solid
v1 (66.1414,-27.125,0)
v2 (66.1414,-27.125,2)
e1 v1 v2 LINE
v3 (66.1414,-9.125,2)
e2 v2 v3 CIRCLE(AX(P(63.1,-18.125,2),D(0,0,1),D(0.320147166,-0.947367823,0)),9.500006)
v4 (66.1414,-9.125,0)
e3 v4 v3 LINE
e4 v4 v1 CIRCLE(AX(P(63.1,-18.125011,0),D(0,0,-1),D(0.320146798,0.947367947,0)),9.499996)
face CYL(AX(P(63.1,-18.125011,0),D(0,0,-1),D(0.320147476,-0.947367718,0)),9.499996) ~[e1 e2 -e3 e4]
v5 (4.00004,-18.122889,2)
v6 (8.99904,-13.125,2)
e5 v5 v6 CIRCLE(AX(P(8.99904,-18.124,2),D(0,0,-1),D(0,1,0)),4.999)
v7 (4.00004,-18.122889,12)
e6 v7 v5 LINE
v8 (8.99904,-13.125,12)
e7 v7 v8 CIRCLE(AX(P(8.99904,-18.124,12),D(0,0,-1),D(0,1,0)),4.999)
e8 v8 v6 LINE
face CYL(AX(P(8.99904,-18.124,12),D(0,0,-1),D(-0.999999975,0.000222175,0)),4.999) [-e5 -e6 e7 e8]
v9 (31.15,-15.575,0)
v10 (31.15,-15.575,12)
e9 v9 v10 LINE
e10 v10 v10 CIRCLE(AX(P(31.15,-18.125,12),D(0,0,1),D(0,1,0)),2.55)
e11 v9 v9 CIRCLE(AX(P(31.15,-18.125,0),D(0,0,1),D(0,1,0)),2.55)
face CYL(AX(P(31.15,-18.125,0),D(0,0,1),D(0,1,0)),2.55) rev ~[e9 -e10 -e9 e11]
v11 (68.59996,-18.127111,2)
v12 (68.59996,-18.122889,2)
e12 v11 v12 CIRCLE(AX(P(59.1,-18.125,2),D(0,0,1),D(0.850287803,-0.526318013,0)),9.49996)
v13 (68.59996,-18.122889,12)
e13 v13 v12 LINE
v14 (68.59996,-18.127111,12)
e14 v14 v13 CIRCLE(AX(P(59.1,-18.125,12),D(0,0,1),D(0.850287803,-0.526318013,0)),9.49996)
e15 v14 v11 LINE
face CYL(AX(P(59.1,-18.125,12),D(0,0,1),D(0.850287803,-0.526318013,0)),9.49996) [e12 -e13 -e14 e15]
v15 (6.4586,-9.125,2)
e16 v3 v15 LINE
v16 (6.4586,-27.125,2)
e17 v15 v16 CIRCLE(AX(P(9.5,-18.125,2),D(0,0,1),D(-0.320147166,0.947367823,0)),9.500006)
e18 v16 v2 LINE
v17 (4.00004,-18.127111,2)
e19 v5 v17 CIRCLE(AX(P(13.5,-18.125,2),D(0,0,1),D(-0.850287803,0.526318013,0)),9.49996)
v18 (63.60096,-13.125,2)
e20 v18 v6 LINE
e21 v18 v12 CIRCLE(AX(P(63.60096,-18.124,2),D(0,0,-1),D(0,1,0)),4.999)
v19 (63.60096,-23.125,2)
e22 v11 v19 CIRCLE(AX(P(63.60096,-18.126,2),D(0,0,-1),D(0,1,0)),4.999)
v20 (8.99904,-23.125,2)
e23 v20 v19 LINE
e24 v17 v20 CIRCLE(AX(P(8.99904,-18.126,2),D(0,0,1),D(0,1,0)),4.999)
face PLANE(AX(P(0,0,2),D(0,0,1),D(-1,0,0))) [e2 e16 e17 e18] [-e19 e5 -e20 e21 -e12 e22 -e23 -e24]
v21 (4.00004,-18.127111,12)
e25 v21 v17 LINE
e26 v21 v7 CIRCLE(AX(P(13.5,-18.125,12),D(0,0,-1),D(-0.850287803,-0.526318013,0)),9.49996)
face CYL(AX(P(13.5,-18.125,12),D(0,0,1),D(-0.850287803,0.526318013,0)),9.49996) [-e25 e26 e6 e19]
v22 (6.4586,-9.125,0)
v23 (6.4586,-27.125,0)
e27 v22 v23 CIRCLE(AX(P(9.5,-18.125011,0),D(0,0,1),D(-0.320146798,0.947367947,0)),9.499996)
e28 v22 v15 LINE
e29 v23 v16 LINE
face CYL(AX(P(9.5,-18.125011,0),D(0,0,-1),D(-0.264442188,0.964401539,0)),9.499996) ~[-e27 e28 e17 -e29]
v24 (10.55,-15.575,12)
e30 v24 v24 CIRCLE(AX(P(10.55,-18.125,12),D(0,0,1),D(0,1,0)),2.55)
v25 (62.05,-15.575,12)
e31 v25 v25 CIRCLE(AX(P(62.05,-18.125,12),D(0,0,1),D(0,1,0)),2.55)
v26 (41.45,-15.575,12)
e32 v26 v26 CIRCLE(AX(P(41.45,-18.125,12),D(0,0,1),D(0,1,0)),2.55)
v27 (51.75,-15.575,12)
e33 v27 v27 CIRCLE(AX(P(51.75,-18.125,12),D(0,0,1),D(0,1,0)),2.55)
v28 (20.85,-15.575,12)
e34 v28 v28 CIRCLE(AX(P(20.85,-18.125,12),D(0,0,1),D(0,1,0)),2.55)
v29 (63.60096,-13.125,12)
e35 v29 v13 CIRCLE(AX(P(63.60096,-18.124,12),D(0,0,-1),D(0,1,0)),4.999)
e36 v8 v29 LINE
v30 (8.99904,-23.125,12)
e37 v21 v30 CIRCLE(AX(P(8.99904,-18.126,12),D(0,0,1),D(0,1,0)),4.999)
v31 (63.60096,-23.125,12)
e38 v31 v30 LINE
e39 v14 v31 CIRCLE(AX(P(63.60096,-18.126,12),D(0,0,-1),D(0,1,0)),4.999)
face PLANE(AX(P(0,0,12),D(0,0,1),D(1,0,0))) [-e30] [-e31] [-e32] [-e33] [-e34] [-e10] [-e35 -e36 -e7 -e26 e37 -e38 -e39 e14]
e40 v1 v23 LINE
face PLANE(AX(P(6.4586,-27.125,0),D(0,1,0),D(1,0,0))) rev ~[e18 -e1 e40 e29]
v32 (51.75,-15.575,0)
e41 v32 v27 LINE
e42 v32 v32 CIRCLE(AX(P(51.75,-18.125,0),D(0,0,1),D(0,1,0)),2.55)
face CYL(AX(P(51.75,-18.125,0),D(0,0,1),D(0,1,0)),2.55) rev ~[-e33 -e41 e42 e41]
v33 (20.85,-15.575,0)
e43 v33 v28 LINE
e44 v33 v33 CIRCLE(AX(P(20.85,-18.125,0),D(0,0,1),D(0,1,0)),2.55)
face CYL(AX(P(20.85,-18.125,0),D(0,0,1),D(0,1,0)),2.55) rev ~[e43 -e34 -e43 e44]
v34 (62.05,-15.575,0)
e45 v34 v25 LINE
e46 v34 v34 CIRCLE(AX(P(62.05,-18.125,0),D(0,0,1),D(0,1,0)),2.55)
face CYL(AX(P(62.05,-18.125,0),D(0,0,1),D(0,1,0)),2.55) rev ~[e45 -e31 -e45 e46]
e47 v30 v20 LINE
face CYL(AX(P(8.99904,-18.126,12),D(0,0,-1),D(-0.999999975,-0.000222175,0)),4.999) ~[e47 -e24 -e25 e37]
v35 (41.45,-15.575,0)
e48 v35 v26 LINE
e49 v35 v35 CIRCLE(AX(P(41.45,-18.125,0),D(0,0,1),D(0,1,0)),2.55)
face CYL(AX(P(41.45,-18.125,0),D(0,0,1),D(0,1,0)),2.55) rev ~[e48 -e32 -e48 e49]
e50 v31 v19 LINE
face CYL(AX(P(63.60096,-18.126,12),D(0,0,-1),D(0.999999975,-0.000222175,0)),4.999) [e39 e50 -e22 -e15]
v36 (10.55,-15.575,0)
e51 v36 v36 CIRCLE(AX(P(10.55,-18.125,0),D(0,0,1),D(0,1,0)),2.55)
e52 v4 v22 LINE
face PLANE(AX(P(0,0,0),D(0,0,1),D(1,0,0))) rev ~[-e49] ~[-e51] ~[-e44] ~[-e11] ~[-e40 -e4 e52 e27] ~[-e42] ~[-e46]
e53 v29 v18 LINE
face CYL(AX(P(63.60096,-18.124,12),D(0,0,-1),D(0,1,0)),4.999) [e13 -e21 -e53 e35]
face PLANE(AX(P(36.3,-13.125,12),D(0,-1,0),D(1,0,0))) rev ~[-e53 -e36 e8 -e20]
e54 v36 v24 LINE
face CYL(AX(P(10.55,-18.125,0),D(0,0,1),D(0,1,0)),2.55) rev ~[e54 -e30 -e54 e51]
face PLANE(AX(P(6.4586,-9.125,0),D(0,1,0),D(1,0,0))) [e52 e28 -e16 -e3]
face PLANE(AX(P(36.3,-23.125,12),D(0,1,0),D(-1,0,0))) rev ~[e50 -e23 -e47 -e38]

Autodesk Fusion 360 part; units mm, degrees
sketch "スケッチ1" plane through (0, 0, 0) normal (0, 0, 1) x (1, 0, 0)
  line L0 (0, 0) -> (72.6, 0)
  line L1 (72.6, 0) -> (72.6, -36.25)
  line L2 (72.6, -36.25) -> (0, -36.25)
  line L3 (0, -36.25) -> (0, 0)
  line L4 (36.3, 0) -> (36.3, -36.25)
  line L5 (0, -18.125) -> (72.6, -18.125)
  line L6 (72.6, -8.625) -> (72.6, -26.625)
  line L7 (58.3, -36.25) -> (14.3, -36.25)
  line L8 (0, -9.125) -> (0, -27.125)
  line L9 (0, -18.125) -> (9.5, -18.125)
  line L10 (0, -9.125) -> (6.4586, -9.125)
  line L11 (0, -27.125) -> (4.6488, -27.125)
  line L12 (6.4586, -9.125) -> (36.3, 0)
  line L13 (14.3, -36.25) -> (12.3, -36.25)
  line L14 (12.3, -36.25) -> (2.2204, -24.2289)
  line L15 (36.3, -18.125) -> (36.3, -32.425)
  line L16 (36.3, -18.125) -> (36.3, -3.825)
  line L17 (66.1414, -9.125) -> (36.3, 0)
  line L18 (60.3, -36.25) -> (70.3796, -24.2289)
  line L19 (58.3, -36.25) -> (60.3, -36.25)
  line L20 (6.4586, -27.125) -> (66.1414, -27.125)
  line L21 (6.4586, -9.125) -> (66.1414, -9.125)
  arc A0 (6.9878, -8.9632) -> (6.4586, -27.125) centre (9.5, -18.125) ccw
  arc A1 (66.1414, -27.125) -> (65.6122, -8.9632) centre (63.1, -18.125) ccw
  circle A2 centre (14.3, -32.425) radius 1.75
  circle A3 centre (36.3, -3.825) radius 1.75
  circle A4 centre (58.3, -32.425) radius 1.75
  circle A5 centre (32.3, -32.425) radius 1
  circle A6 centre (40.3, -32.425) radius 1
  point P0 (36.3, -18.125)
  point P1 (36.3, -3.825)
  point P2 (14.3, -32.425)
  point P3 (58.3, -32.425)
  point P4 (40.3, -32.425)
  point P5 (40.3, -32.425)
  point P6 (32.3, -32.425)
  dimension "d5" = 72.6
  dimension "d6" = 36.25
  dimension "d10" = 44
  dimension "d11" = 9
  dimension "d12" = 18
  dimension "d13" = 9.5
  dimension "d14" = 2
  dimension "d15" = 14.3
  dimension "d16" = 22
  dimension "d17" = 14.3
  dimension "d18" = 3.5
  dimension "d19" = 3.5
  dimension "d20" = 3.5
  dimension "d21" = 4
  dimension "d24" = 2
  dimension "d25" = 2
extrude "押し出し2" add sketch "スケッチ1" along normal blind 12 contours L4 L5 L9 L16 L21 A0 | L4 L5 L9 L15 L20 A0 | L4 L5 L16 L21 A1 | L4 L5 L15 L20 A1
sketch "スケッチ3" plane through (0, 0, 0) normal (0, 0, -1) x (1, 0, 0)
  arc A0 (6.4586, 27.125) -> (6.4586, 9.125) centre (9.5, 18.125) ccw
  line L0 (6.4586, 9.125) -> (66.1414, 9.125)
  arc A1 (66.1414, 9.125) -> (66.1414, 27.125) centre (63.1, 18.125) ccw
  line L1 (66.1414, 27.125) -> (6.4586, 27.125)
  line L2 (72.6, 18.125) -> (0, 18.125)
  line L3 (72.6, 18.125) -> (36.3, 18.125)
  line L4 (36.3, 18.125) -> (31.15, 18.125)
  line L5 (31.15, 18.125) -> (20.85, 18.125)
  line L6 (20.85, 18.125) -> (10.55, 18.125)
  line L7 (36.3, 18.125) -> (36.3, 27.125)
  point P0 (36.3, 18.125)
  point P1 (31.15, 18.125)
  point P2 (20.85, 18.125)
  point P3 (10.55, 18.125)
  point P4 (41.45, 18.125)
  point P5 (51.75, 18.125)
  point P6 (62.05, 18.125)
  dimension "d32" = 5.15
  dimension "d33" = 10.3
  dimension "d34" = 10.3
hole "穴1" at (62.05, -18.125, 0) at (51.75, -18.125, 0) at (41.45, -18.125, 0) at (31.15, -18.125, 0) at (20.85, -18.125, 0) at (10.55, -18.125, 0) direction (0, 0, 1) diameter 5.1 depth 12 tip angle 180
sketch "スケッチ4" plane through (0, 0, 12) normal (0, 0, 1) x (-1, 0, 0)
  circle A0 centre (-20.85, 18.125) radius 2.55
  circle A1 centre (-41.45, 18.125) radius 2.55
  circle A2 centre (-62.05, 18.125) radius 2.55
  circle A3 centre (-51.75, 18.125) radius 2.55
  circle A4 centre (-31.15, 18.125) radius 2.55
  circle A5 centre (-10.55, 18.125) radius 2.55
  arc A6 (-6.4586, 9.125) -> (-6.4586, 27.125) centre (-9.5, 18.125) ccw
  line L0 (-6.4586, 27.125) -> (-66.1414, 27.125)
  arc A7 (-66.1414, 27.125) -> (-66.1414, 9.125) centre (-63.1, 18.125) ccw
  line L1 (-66.1414, 9.125) -> (-6.4586, 9.125)
  line L2 (0, 18.125) -> (-4, 18.125)
  line L3 (-36.3, 13.125) -> (-5.4223, 13.125)
  line L4 (-4, 18.125) -> (-13.5, 18.125)
  line L5 (-36.3, 23.125) -> (-5.4223, 23.125)
  line L6 (-36.3, 23.125) -> (-36.3, 27.125)
  arc A8 (-5.4223, 13.125) -> (-5.4223, 23.125) centre (-13.5, 18.125) ccw
  line L7 (-36.3, 13.125) -> (-67.1777, 13.125)
  arc A9 (-67.1777, 23.125) -> (-67.1777, 13.125) centre (-59.1, 18.125) ccw
  line L8 (-36.3, 23.125) -> (-67.1777, 23.125)
  line L9 (-36.3, 23.125) -> (-36.3, 13.125)
  line L10 (-31.15, 18.125) -> (-41.45, 18.125)
  point P0 (-68.6, 18.125)
  dimension "d39" = 9.5
  dimension "d40" = 4
  dimension "d45" = 4
  dimension "d46" = 5.1
  dimension "d47" = 9.5
  dimension "d48" = 10.3
extrude "押し出し3" cut sketch "スケッチ4" against normal blind 10 contours A6 L0 L2 L5 L6 A8 | A6 L0 A7 L1 L2 L3 L6 A8 L7 A9 L8
fillet "フィレット2" radius 5 4 edges at (5.4223, -23.125, 7) (5.4223, -13.125, 7) (67.1777, -13.125, 7) (67.1777, -23.125, 7)
